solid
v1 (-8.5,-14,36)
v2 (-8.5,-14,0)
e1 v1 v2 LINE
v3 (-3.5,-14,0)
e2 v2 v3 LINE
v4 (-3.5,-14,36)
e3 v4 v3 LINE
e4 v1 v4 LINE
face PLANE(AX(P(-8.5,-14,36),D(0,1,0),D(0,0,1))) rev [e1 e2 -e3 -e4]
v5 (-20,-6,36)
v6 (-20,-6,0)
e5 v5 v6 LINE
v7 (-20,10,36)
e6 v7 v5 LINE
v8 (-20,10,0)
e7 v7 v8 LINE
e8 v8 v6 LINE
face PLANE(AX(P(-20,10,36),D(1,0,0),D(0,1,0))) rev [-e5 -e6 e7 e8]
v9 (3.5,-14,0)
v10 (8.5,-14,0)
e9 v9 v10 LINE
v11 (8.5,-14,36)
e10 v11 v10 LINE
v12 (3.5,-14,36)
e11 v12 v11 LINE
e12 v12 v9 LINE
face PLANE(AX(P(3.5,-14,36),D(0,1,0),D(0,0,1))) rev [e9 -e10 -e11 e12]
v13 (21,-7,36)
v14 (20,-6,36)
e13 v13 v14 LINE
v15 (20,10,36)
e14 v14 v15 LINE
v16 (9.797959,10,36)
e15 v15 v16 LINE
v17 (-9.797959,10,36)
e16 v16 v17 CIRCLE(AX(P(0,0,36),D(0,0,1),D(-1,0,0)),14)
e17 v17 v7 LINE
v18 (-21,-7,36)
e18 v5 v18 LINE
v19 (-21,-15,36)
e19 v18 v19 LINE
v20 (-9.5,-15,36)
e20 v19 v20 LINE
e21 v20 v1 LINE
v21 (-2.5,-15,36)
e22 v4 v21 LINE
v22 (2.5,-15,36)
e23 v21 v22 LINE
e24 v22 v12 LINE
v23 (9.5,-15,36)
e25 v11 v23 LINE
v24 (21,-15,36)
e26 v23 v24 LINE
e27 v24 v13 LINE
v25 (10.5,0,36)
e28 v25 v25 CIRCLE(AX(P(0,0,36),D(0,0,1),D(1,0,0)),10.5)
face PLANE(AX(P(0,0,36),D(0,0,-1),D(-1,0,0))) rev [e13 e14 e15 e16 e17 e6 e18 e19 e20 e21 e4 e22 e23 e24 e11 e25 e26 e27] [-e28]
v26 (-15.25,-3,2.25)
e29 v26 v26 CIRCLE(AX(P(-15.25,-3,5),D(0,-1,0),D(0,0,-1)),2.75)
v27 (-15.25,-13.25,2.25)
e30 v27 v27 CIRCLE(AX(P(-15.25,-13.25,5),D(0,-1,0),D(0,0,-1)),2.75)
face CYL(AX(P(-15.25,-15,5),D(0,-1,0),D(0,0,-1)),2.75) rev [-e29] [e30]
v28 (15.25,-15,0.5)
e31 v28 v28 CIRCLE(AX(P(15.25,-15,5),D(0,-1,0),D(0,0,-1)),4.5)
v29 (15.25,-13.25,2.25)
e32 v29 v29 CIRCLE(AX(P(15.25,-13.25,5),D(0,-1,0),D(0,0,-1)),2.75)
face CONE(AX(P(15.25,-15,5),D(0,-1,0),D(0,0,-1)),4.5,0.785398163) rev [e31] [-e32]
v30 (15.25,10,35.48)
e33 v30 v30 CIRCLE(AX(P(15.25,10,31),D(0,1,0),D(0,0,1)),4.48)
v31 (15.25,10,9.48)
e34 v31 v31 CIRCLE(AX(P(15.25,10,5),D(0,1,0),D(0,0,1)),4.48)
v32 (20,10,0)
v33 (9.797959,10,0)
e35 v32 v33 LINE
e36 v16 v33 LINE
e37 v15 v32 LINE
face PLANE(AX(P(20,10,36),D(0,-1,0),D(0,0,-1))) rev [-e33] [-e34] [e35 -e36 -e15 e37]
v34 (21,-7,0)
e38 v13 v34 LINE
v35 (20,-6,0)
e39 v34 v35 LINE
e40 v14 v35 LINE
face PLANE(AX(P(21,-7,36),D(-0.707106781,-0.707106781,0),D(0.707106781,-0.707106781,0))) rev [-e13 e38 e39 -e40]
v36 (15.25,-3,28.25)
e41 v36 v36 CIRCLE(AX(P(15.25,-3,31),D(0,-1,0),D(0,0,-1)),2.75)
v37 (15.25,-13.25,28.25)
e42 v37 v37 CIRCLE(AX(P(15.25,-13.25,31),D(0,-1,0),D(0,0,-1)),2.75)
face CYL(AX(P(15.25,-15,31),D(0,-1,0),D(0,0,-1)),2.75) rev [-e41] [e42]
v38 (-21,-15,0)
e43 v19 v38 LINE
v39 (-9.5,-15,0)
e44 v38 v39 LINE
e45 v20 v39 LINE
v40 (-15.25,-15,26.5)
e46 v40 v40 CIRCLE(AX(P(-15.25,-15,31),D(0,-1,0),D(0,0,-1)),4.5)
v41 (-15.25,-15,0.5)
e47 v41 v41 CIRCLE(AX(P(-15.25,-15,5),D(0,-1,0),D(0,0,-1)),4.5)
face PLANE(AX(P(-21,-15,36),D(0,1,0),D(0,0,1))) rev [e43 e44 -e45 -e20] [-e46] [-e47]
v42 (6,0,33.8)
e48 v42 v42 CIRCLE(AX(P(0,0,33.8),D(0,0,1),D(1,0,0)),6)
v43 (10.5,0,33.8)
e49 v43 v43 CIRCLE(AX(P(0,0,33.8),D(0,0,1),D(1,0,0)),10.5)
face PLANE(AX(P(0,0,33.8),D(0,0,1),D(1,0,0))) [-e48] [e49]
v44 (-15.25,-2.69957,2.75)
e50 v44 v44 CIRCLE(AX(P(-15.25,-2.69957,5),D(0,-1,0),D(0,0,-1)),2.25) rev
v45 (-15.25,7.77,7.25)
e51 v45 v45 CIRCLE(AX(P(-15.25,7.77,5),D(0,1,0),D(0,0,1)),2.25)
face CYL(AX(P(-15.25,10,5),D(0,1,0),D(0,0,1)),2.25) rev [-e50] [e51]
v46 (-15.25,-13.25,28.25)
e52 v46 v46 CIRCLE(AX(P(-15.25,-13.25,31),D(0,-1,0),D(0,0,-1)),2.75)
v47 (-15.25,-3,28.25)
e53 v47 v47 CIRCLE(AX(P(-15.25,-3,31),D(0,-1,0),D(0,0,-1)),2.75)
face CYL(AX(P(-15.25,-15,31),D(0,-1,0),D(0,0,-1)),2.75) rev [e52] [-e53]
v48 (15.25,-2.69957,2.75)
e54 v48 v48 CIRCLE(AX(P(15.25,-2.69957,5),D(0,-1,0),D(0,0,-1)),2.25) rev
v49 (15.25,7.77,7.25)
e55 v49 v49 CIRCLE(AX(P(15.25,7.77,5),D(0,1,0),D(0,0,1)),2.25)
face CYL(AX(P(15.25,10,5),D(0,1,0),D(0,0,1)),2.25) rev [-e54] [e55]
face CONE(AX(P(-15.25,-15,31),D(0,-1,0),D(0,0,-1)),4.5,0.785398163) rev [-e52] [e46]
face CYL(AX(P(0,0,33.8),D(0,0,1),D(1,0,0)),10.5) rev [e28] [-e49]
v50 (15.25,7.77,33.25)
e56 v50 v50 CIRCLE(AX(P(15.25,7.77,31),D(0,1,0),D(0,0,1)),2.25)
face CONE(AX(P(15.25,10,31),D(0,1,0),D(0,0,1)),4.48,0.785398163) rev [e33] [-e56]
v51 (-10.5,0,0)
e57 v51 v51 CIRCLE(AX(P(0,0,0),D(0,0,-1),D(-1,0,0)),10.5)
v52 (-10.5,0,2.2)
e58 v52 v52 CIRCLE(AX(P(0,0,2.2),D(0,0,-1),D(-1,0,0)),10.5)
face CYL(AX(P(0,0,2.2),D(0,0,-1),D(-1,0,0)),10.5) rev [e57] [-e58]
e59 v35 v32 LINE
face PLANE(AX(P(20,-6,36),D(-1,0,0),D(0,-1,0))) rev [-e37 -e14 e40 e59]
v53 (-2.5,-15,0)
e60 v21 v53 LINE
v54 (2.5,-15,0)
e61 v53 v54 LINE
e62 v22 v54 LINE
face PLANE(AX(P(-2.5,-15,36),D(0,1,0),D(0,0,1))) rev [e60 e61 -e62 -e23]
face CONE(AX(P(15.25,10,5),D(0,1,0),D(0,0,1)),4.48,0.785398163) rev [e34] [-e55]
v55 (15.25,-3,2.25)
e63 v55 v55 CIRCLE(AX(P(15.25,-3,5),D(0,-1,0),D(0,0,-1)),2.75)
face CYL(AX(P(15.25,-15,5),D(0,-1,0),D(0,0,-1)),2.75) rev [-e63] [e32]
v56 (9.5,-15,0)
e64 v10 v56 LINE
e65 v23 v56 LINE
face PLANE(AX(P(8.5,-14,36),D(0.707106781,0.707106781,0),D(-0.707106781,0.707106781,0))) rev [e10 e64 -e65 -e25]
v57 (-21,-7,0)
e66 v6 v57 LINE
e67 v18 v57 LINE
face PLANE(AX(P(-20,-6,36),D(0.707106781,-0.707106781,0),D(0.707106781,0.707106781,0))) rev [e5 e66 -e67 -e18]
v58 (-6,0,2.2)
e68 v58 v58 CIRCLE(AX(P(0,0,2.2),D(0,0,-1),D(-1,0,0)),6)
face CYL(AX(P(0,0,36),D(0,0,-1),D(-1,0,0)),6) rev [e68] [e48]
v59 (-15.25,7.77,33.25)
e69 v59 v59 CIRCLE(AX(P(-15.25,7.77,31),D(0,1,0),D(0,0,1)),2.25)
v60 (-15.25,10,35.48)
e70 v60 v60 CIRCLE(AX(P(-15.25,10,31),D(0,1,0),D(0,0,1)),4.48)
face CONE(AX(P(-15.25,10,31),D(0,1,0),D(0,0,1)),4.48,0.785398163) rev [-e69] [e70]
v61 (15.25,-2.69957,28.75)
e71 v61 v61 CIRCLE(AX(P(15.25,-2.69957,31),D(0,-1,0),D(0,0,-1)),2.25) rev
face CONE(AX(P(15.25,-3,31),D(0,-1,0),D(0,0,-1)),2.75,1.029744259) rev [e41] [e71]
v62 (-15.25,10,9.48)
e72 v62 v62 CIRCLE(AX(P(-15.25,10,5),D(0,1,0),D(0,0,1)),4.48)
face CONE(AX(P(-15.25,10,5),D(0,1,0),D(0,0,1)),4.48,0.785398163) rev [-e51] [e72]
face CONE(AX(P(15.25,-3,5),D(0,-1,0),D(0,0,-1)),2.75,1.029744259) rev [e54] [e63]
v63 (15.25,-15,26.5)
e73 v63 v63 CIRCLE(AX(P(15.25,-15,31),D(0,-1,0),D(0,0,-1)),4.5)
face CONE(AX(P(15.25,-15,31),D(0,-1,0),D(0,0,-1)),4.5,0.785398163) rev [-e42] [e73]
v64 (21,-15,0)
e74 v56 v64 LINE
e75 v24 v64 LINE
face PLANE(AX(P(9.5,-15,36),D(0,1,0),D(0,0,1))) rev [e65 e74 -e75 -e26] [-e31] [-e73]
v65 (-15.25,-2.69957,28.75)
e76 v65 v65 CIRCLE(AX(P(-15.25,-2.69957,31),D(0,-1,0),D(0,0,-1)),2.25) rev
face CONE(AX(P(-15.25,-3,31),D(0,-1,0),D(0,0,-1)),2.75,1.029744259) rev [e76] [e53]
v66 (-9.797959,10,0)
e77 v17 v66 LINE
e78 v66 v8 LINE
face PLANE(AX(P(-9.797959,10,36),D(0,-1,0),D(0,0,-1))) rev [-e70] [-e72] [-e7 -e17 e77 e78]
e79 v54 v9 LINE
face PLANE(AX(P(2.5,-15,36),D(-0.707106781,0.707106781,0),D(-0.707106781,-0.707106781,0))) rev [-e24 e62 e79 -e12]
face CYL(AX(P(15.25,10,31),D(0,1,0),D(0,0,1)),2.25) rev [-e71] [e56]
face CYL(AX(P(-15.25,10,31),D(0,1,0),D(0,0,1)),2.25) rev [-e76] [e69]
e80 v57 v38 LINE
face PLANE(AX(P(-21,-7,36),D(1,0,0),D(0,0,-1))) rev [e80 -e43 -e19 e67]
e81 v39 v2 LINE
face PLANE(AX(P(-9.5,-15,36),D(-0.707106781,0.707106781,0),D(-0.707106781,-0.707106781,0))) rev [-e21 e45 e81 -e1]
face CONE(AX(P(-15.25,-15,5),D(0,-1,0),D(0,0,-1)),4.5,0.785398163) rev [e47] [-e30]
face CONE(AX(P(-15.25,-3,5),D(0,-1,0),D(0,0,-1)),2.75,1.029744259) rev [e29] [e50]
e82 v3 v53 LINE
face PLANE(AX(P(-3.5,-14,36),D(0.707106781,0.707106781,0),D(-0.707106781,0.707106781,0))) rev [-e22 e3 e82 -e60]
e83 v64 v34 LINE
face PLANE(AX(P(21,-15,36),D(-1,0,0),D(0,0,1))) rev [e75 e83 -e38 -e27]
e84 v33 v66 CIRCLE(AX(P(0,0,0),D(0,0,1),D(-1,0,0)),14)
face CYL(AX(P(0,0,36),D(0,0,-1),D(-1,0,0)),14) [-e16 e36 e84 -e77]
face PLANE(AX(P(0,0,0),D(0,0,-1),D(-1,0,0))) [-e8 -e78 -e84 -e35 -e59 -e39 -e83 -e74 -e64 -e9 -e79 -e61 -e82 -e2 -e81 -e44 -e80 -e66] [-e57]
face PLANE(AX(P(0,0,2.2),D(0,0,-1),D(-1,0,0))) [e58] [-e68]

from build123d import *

# Parameters (mm, degrees)
ESBO_O1_R                                            = 6
EXTRUS_O1_DEPTH                                      = 36
ESBO_O2_R                                            = 10.5
EXTRUS_O2_DEPTH                                      = 2.2
ESBO_O3_R                                            = 10.5
EXTRUS_O3_DEPTH                                      = 2.2
ESBO_O4_R                                            = 1.65
EXTRUS_O4_DEPTH                                      = 26
ESCAREADO_PARA_PARAFUSO_DE_M_QUINA_COM_C_D           = 5.5
ESCAREADO_PARA_PARAFUSO_DE_M_QUINA_COM_C_DEPTH       = 12
ESCAREADO_PARA_PARAFUSO_DE_M_QUINA_COM_C_CSINK_D     = 9
ESCAREADO_PARA_PARAFUSO_DE_M_QUINA_COM_C_CSINK_ANGLE = 90
ESCAREADO_PARA_PARAFUSO_DE_M_QUINA_COM_C_TIP         = 1.652366702
ESCAREADO_PARA_SFHCS_M41_D                           = 4.5
ESCAREADO_PARA_SFHCS_M41_CSINK_D                     = 8.96
ESCAREADO_PARA_SFHCS_M41_CSINK_ANGLE                 = 90


with BuildPart() as part:
    # Esboço1 → Extrusão1 (new body)
    with BuildSketch(Plane.XY):
        with BuildLine():
            Line((-20, 10), (-20, -6))
            Line((-20, -6), (-21, -7))
            Line((-21, -7), (-21, -15))
            Line((-21, -15), (-9.5, -15))
            Line((-9.5, -15), (-8.5, -14))
            Line((-8.5, -14), (-3.5, -14))
            Line((-3.5, -14), (-2.5, -15))
            Line((-2.5, -15), (2.5, -15))
            Line((2.5, -15), (3.5, -14))
            Line((3.5, -14), (8.5, -14))
            Line((8.5, -14), (9.5, -15))
            Line((9.5, -15), (21, -15))
            Line((21, -15), (21, -7))
            Line((21, -7), (20, -6))
            Line((20, -6), (20, 10))
            Line((20, 10), (9.797958971, 10))
            ThreePointArc((9.797958971, 10), (0, 14), (-9.797958971, 10))
            Line((-9.797958971, 10), (-20, 10))
        make_face()
        Circle(ESBO_O1_R, mode=Mode.SUBTRACT)
    extrude(amount=EXTRUS_O1_DEPTH)

    # Esboço2 → Extrusão2 (cut)
    with BuildSketch(Plane.XY.offset(36)):
        Circle(ESBO_O2_R)
    extrude(amount=-EXTRUS_O2_DEPTH, mode=Mode.SUBTRACT)

    # Esboço3 → Extrusão3 (cut)
    with BuildSketch(Plane(origin=(0, 0, 0), x_dir=(-1, 0, 0), z_dir=(0, 0, -1))):
        Circle(ESBO_O3_R)
    extrude(amount=-EXTRUS_O3_DEPTH, mode=Mode.SUBTRACT)

    # Esboço4 → Extrusão4 (cut, through all)
    with BuildSketch(Plane(origin=(0, 10, 0), x_dir=(1, 0, 0), z_dir=(0, 1, 0))):
        with Locations((15.25, -5)):
            Circle(ESBO_O4_R)
        with Locations((15.25, -31)):
            Circle(ESBO_O4_R)
        with Locations((-15.25, -5)):
            Circle(ESBO_O4_R)
        with Locations((-15.25, -31)):
            Circle(ESBO_O4_R)
    extrude(amount=-EXTRUS_O4_DEPTH, mode=Mode.SUBTRACT)

    # Escareado para parafuso de máquina com cabeça chata de M52
    with Locations(Plane(origin=(-15.25, -15, 31), x_dir=(0, 0, -1), z_dir=(0, -1, 0))):
        with Locations((0, 0), (26, 0), (26, 30.5), (0, 30.5)):
            CounterSinkHole(ESCAREADO_PARA_PARAFUSO_DE_M_QUINA_COM_C_D / 2, ESCAREADO_PARA_PARAFUSO_DE_M_QUINA_COM_C_CSINK_D / 2, depth=ESCAREADO_PARA_PARAFUSO_DE_M_QUINA_COM_C_DEPTH, counter_sink_angle=ESCAREADO_PARA_PARAFUSO_DE_M_QUINA_COM_C_CSINK_ANGLE)
            with Locations((0, 0, -(ESCAREADO_PARA_PARAFUSO_DE_M_QUINA_COM_C_DEPTH + ESCAREADO_PARA_PARAFUSO_DE_M_QUINA_COM_C_TIP / 2))):  # 118° drill point
                Cone(0, ESCAREADO_PARA_PARAFUSO_DE_M_QUINA_COM_C_D / 2, ESCAREADO_PARA_PARAFUSO_DE_M_QUINA_COM_C_TIP, mode=Mode.SUBTRACT)

    # Escareado para SFHCS M41 (through all)
    with Locations(Plane(origin=(-15.25, 10, 5), x_dir=(0, 0, 1), z_dir=(0, 1, 0))):
        with Locations((0, 0), (26, 0), (26, 30.5), (0, 30.5)):
            CounterSinkHole(ESCAREADO_PARA_SFHCS_M41_D / 2, ESCAREADO_PARA_SFHCS_M41_CSINK_D / 2, counter_sink_angle=ESCAREADO_PARA_SFHCS_M41_CSINK_ANGLE)


solid = part.part
